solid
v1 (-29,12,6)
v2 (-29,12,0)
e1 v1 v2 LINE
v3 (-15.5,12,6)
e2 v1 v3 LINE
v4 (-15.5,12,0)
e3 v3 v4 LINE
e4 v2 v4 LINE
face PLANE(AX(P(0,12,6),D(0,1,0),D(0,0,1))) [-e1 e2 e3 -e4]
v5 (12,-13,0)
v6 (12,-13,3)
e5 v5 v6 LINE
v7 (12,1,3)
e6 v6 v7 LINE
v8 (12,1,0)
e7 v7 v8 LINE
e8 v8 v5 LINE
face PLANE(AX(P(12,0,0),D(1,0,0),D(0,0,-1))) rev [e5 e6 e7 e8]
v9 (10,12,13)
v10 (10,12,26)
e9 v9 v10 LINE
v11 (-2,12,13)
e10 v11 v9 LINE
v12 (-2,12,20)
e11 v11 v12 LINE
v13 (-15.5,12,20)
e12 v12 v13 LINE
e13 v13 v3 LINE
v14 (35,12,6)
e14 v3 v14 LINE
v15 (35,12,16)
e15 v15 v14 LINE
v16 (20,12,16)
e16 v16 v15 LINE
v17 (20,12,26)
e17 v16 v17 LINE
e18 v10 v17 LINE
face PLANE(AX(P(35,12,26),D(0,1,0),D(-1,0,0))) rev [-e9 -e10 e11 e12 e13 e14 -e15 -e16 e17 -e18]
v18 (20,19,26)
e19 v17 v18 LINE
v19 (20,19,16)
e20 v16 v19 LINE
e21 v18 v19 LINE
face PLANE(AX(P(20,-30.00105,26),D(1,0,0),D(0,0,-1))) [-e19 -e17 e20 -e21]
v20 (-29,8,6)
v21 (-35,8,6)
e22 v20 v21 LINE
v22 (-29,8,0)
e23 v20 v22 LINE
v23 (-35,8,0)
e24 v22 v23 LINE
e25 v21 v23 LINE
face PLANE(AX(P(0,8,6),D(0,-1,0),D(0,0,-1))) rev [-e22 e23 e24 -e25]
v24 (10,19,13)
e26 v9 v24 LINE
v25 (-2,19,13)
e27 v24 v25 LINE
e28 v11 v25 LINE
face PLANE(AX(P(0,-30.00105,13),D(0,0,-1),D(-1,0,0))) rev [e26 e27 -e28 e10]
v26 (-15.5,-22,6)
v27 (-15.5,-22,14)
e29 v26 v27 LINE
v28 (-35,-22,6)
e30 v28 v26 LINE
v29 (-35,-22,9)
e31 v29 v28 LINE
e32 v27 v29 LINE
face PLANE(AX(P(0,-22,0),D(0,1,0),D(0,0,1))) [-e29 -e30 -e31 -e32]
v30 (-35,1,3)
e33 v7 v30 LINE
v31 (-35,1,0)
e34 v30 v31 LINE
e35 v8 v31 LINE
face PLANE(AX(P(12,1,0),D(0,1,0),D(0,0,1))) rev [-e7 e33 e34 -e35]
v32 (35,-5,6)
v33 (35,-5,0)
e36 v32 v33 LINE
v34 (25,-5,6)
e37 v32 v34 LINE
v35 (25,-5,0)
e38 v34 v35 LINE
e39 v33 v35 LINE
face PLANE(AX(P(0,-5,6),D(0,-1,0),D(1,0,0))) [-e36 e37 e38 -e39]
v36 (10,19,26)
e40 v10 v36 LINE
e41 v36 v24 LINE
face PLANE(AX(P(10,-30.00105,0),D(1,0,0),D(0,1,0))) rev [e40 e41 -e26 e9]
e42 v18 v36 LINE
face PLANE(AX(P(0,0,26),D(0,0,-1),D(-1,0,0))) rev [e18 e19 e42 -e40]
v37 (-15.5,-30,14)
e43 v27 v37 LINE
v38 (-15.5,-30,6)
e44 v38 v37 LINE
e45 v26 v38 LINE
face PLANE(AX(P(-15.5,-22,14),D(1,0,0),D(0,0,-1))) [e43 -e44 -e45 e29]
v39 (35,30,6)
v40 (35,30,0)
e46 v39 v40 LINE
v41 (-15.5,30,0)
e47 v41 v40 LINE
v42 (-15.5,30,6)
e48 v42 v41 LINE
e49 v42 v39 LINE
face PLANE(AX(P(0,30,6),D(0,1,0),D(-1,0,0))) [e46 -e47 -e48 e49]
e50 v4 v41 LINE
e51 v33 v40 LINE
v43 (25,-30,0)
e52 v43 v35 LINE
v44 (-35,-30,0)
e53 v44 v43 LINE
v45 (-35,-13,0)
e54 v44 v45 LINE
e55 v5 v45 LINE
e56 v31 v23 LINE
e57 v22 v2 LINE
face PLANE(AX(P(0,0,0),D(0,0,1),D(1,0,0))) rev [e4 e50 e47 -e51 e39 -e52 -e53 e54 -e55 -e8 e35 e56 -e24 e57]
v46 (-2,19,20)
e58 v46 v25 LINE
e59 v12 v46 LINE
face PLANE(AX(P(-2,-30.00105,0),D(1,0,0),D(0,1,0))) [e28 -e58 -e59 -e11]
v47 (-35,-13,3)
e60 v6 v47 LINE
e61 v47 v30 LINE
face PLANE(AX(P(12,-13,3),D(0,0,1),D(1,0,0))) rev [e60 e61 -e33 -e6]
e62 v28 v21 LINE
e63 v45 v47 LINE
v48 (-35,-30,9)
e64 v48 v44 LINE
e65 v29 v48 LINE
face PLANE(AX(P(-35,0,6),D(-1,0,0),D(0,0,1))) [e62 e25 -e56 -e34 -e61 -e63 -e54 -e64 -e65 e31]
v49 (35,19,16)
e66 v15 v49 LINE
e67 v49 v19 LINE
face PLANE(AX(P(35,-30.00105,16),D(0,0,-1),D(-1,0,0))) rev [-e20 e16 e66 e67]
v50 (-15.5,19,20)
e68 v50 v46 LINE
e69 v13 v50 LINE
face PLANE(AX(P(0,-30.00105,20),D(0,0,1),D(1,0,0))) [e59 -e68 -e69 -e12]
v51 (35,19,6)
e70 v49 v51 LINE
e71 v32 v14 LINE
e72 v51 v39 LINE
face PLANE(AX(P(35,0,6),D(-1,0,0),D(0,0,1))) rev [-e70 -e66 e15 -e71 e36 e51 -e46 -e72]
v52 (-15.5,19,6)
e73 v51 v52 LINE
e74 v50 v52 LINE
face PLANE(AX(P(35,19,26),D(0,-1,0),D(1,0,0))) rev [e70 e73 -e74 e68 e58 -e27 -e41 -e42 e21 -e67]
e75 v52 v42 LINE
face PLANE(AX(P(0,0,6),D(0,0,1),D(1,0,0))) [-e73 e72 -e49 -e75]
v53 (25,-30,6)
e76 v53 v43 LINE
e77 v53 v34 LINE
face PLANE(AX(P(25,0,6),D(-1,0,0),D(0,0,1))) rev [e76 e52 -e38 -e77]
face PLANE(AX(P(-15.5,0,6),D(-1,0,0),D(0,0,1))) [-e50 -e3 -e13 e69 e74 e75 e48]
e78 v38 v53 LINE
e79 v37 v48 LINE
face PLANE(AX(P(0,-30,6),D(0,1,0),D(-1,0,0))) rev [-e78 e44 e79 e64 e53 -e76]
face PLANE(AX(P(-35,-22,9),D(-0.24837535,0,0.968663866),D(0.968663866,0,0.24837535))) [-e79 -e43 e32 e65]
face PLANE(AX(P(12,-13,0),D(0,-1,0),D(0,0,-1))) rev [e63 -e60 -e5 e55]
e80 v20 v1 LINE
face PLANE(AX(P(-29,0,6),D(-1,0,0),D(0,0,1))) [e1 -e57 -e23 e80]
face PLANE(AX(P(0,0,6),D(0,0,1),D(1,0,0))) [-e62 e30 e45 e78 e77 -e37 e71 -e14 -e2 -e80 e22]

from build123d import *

# Parameters (mm, degrees)
EXTRUDE_1_DEPTH     = 6
EXTRUDE_3_DEPTH     = 8
SKETCH_3_W          = 3
SKETCH_3_H          = 14
CUT_EXTRUDE_1_DEPTH = 47
SKETCH_4_W          = 50.5
SKETCH_4_H          = 7
EXTRUDE_4_DEPTH     = 20
CUT_EXTRUDE_2_REACH = 67.59
SKETCH_5_W          = 13.5
SKETCH_5_H          = 6
SKETCH_5_W_2        = 15
SKETCH_5_H_2        = 10


with BuildPart() as part:
    # Эскиз1 → Бобышка-Вытянуть1 (new body)
    with BuildSketch(Plane.XY):
        Polygon((-35, 8), (-35, -30), (25, -30), (25, -5), (35, -5), (35, 30), (-15.5, 30), (-15.5, 12), (-29, 12), (-29, 8), align=None)
    extrude(amount=EXTRUDE_1_DEPTH)

    # Эскиз2 → Бобышка-Вытянуть3 (add)
    with BuildSketch(Plane.XZ.offset(30)):
        Polygon((-35, 6), (-35, 9), (-15.5, 14), (-15.5, 6), align=None)
    extrude(amount=-EXTRUDE_3_DEPTH)

    # Эскиз3 → Вырез-Вытянуть1 (cut)
    with BuildSketch(Plane.ZY.offset(35)):
        with Locations((1.5, -6)):
            Rectangle(SKETCH_3_W, SKETCH_3_H)
    extrude(amount=-CUT_EXTRUDE_1_DEPTH, mode=Mode.SUBTRACT)

    # Эскиз4 → Бобышка-Вытянуть4 (add)
    with BuildSketch(Plane.XY.offset(6)):
        with Locations((9.75, 15.5)):
            Rectangle(SKETCH_4_W, SKETCH_4_H)
    extrude(amount=EXTRUDE_4_DEPTH)

    # Эскиз5 → Вырез-Вытянуть2 (cut, up to next)
    with BuildSketch(Plane(origin=(0, 19, 0), x_dir=(1, 0, 0), z_dir=(0, 1, 0)), mode=Mode.PRIVATE) as cut_extrude_2_sk1:
        Polygon((-2, -26), (10, -26), (10, -13), (-2, -13), (-2, -20), align=None)
    cut_extrude_2_tool1 = extrude(cut_extrude_2_sk1.sketch, amount=-CUT_EXTRUDE_2_REACH, mode=Mode.PRIVATE) & part.part
    # Эскиз5 → Вырез-Вытянуть2 (cut, up to next)
    with BuildSketch(Plane(origin=(0, 19, 0), x_dir=(1, 0, 0), z_dir=(0, 1, 0)), mode=Mode.PRIVATE) as cut_extrude_2_sk2:
        with Locations((-8.75, -23)):
            Rectangle(SKETCH_5_W, SKETCH_5_H)
    cut_extrude_2_tool2 = extrude(cut_extrude_2_sk2.sketch, amount=-CUT_EXTRUDE_2_REACH, mode=Mode.PRIVATE) & part.part
    # Эскиз5 → Вырез-Вытянуть2 (cut, up to next)
    with BuildSketch(Plane(origin=(0, 19, 0), x_dir=(1, 0, 0), z_dir=(0, 1, 0)), mode=Mode.PRIVATE) as cut_extrude_2_sk3:
        with Locations((27.5, -21)):
            Rectangle(SKETCH_5_W_2, SKETCH_5_H_2)
    cut_extrude_2_tool3 = extrude(cut_extrude_2_sk3.sketch, amount=-CUT_EXTRUDE_2_REACH, mode=Mode.PRIVATE) & part.part
    add(cut_extrude_2_tool1.solids().sort_by_distance((4, 19, 19.5))[0], mode=Mode.SUBTRACT)
    add(cut_extrude_2_tool2.solids().sort_by_distance((-8.75, 19, 23))[0], mode=Mode.SUBTRACT)
    add(cut_extrude_2_tool3.solids().sort_by_distance((27.5, 19, 21))[0], mode=Mode.SUBTRACT)


solid = part.part
